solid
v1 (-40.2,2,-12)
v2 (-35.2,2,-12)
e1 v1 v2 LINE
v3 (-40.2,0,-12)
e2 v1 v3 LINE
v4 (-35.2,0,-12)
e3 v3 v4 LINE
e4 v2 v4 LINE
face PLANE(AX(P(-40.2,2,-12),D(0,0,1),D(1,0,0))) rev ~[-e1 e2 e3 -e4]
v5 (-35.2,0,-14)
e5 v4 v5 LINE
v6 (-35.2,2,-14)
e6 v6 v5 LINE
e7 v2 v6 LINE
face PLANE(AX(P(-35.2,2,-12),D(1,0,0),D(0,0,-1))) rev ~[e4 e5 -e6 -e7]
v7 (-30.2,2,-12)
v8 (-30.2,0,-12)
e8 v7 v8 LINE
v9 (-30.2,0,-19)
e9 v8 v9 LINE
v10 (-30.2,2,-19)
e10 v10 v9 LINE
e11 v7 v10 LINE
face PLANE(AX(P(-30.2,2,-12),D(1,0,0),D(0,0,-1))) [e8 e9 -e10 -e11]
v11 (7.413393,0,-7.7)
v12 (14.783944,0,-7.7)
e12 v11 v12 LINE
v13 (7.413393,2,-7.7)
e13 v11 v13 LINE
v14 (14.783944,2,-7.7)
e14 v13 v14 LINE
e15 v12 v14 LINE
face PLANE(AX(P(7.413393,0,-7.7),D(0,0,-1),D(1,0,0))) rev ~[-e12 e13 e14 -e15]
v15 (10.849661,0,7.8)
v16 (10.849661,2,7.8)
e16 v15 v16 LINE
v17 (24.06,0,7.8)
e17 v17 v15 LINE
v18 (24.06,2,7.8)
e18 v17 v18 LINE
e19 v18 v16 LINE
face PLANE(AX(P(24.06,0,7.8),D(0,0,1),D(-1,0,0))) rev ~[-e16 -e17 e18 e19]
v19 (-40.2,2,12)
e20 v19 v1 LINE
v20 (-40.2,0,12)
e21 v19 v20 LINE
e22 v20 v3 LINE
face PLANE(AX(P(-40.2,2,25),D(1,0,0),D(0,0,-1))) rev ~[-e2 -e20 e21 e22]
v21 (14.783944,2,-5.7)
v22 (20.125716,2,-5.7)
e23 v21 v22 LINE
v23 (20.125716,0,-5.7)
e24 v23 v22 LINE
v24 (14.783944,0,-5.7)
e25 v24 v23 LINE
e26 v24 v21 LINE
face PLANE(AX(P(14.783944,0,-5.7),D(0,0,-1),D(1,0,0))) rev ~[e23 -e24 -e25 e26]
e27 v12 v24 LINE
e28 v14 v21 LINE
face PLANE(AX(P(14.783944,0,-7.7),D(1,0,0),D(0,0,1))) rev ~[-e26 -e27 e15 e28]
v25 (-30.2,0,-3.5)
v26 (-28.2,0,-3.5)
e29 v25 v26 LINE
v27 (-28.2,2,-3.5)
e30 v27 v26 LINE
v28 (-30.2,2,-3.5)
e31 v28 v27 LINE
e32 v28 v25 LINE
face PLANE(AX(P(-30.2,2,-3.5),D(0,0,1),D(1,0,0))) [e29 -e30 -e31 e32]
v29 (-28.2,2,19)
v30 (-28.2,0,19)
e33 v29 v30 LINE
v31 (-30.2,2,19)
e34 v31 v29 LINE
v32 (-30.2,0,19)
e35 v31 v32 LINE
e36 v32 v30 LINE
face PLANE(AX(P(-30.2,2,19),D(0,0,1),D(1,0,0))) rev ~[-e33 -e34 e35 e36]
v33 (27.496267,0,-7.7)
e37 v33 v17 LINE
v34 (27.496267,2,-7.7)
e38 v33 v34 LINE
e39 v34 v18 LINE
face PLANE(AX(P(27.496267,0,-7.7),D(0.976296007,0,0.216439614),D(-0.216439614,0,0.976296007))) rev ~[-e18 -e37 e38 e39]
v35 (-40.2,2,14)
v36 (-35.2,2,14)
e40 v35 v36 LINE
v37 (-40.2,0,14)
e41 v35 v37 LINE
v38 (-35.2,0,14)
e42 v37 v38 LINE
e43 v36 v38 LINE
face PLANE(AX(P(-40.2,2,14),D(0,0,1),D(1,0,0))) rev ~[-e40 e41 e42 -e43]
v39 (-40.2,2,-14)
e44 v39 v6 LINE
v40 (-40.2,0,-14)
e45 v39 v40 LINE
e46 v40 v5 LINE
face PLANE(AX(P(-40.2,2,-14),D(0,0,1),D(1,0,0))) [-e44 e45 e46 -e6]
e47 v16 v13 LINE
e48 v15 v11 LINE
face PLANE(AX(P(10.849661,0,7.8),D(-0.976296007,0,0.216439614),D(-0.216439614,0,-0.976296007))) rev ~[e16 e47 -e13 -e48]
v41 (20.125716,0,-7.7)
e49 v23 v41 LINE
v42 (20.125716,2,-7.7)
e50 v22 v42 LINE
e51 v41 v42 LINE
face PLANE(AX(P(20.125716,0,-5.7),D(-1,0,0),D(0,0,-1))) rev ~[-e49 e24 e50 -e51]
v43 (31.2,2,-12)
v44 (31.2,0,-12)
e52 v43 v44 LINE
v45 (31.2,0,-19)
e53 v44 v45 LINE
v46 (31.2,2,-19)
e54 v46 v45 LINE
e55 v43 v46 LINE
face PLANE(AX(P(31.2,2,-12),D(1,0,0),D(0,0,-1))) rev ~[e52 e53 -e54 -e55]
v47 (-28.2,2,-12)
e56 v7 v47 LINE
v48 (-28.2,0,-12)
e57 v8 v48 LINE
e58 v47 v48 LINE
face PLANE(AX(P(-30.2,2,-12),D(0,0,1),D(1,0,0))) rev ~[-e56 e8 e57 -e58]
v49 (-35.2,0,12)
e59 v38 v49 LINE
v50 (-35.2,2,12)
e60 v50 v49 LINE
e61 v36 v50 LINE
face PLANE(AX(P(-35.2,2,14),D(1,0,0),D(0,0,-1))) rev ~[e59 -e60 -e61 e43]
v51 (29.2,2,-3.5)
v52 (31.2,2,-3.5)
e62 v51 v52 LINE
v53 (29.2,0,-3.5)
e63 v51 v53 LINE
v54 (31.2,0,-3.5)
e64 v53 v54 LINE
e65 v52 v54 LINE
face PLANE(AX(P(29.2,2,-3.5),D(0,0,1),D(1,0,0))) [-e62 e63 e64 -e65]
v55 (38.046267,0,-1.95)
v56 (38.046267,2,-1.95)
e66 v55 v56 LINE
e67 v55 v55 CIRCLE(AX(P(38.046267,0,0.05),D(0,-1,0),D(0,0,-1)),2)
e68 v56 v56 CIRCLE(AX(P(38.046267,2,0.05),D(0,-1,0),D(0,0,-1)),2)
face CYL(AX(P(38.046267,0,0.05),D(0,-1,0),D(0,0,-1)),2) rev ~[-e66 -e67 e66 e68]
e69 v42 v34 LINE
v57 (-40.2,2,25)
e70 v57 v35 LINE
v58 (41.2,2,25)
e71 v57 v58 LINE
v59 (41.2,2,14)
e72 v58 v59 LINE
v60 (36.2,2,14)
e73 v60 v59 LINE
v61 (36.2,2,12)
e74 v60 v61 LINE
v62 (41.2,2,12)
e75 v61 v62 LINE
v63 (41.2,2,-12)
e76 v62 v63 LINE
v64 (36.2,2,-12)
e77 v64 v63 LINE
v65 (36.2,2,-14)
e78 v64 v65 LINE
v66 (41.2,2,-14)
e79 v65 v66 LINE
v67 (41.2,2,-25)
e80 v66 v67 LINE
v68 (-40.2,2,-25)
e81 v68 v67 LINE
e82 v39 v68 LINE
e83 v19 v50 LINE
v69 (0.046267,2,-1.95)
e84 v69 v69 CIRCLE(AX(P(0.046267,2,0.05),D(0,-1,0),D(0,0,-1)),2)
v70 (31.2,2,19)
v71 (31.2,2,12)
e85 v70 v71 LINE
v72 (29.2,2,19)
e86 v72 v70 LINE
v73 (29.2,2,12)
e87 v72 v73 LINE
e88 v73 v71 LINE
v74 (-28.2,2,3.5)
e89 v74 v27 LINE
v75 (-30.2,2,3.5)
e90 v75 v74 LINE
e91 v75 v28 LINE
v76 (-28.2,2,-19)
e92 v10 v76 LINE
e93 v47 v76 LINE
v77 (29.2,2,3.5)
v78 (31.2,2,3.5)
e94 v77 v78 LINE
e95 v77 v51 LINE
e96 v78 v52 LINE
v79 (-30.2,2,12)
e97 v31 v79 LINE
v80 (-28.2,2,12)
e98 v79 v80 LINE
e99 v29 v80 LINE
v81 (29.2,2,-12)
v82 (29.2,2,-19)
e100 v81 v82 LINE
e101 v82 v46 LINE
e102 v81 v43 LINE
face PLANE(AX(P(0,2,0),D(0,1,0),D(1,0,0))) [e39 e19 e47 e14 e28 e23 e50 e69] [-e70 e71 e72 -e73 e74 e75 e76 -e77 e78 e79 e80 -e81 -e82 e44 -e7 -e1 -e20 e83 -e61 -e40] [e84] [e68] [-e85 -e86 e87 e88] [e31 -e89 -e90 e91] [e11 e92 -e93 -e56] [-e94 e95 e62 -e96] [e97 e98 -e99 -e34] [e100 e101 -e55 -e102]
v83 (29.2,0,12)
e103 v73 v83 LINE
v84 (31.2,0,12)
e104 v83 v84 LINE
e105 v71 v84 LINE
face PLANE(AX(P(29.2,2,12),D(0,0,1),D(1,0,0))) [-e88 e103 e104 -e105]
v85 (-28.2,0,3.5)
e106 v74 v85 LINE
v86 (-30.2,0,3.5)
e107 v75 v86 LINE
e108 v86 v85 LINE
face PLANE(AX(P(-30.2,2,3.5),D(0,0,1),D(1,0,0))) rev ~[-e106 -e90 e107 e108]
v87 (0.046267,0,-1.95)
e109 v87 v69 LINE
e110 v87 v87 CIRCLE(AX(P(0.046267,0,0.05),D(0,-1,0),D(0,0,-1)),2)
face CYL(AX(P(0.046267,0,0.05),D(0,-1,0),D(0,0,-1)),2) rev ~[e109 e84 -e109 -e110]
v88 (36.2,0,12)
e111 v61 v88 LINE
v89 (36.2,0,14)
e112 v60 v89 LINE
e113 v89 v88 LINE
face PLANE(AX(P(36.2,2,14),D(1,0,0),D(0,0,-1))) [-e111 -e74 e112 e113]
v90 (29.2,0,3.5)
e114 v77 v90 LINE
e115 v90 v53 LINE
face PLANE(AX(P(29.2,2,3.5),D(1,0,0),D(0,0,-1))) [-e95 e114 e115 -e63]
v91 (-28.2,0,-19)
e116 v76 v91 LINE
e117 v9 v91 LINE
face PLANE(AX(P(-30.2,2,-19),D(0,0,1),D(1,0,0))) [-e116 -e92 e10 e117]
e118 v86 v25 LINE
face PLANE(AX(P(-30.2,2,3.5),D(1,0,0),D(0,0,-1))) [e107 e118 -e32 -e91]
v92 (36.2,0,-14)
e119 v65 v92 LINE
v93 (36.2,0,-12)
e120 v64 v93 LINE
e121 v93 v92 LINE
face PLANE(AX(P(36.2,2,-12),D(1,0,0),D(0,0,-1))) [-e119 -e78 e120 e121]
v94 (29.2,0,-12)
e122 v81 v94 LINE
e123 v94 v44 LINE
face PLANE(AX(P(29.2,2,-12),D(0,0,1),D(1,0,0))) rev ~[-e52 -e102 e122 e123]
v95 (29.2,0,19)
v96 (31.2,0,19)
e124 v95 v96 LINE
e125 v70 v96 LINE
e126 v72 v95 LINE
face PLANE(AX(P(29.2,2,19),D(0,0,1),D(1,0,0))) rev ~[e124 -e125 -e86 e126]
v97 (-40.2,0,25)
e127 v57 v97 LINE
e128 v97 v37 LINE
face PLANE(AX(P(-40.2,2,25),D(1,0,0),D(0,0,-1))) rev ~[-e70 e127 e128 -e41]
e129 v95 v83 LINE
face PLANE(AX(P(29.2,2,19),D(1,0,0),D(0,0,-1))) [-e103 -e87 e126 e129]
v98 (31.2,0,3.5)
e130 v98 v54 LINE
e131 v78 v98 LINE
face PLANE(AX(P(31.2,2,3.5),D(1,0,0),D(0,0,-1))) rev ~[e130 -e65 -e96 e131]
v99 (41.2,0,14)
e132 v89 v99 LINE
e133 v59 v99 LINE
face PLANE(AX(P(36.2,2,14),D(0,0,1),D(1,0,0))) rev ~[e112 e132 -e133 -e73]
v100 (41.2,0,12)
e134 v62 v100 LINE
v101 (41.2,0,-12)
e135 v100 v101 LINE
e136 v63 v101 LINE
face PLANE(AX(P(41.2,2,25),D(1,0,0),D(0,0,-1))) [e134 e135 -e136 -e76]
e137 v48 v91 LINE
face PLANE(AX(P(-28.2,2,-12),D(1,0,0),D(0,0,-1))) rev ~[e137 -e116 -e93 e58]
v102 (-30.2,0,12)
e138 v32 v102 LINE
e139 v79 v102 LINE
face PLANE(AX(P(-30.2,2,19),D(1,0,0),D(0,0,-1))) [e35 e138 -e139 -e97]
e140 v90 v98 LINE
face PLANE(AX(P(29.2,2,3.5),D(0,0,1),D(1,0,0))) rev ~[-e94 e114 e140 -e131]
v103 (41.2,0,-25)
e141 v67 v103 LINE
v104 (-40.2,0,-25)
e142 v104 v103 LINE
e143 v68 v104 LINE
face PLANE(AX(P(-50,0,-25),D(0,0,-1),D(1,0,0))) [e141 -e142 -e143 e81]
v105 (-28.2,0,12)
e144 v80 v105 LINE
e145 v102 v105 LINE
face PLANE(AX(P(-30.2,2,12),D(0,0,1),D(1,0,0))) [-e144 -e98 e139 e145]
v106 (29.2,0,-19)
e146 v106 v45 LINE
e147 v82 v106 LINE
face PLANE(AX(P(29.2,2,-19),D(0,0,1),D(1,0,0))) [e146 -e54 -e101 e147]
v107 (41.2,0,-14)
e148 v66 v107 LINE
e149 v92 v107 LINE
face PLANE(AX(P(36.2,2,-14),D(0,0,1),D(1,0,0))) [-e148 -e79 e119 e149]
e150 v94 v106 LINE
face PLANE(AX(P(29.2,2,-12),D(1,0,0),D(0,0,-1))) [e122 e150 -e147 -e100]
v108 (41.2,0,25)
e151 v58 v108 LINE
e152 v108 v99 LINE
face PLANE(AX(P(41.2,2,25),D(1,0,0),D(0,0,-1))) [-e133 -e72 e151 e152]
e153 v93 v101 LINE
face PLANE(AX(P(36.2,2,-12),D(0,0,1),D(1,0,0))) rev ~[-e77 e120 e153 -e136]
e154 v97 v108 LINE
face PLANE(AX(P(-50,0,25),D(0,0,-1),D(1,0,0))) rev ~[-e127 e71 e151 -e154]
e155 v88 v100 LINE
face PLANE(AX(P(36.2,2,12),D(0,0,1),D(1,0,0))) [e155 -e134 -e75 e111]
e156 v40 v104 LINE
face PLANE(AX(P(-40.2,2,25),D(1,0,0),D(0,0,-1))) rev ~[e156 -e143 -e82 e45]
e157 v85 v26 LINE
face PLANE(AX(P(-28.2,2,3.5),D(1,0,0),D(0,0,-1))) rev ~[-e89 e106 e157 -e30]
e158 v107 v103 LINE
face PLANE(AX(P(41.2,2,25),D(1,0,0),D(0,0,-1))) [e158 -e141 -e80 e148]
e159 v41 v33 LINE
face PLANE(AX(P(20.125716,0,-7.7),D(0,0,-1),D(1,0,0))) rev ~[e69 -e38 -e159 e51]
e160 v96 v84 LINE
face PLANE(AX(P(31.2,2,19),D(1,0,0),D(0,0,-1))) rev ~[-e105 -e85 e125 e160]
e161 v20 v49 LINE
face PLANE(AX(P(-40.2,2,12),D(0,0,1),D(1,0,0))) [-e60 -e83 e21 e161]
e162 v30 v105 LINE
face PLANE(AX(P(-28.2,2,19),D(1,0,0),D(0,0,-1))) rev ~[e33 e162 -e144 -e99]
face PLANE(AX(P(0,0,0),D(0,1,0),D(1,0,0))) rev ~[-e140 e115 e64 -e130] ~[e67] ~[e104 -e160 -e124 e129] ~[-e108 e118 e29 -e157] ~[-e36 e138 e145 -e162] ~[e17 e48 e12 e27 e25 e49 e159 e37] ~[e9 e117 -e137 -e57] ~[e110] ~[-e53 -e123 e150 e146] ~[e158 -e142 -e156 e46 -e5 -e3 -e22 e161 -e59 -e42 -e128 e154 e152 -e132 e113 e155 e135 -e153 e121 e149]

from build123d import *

# Parameters (mm, degrees)
SKETCH2_W           = 100
SKETCH2_H           = 50
BOSS_EXTRUDE1_DEPTH = 2
SKETCH12_W          = 9.8
SKETCH12_H          = 50
SKETCH12_W_2        = 8.8
CUT_EXTRUDE8_DEPTH  = 6
SKETCH13_W          = 2
SKETCH13_H          = 7
SKETCH13_W_2        = 5
SKETCH13_H_2        = 2
CUT_EXTRUDE10_DEPTH = 6
SKETCH14_R          = 2
CUT_EXTRUDE11_DEPTH = 2


with BuildPart() as part:
    # Sketch2 → Boss-Extrude1 (new body)
    with BuildSketch(Plane(origin=(0, 0, 0), x_dir=(1, 0, 0), z_dir=(0, 1, 0))):
        Rectangle(SKETCH2_W, SKETCH2_H)
    extrude(amount=BOSS_EXTRUDE1_DEPTH)

    # Sketch12 → Cut-Extrude8 (cut)
    with BuildSketch(Plane(origin=(0, 2, 0), x_dir=(1, 0, 0), z_dir=(0, 1, 0))):
        with Locations((-45.1, 0)):
            Rectangle(SKETCH12_W, SKETCH12_H)
        with Locations((45.6, 0)):
            Rectangle(SKETCH12_W_2, SKETCH12_H)
    extrude(amount=-CUT_EXTRUDE8_DEPTH, mode=Mode.SUBTRACT)

    # Sketch13 → Cut-Extrude10 (cut)
    with BuildSketch(Plane(origin=(0, 2, 0), x_dir=(1, 0, 0), z_dir=(0, 1, 0))):
        with Locations((-29.2, 15.5)):
            Rectangle(SKETCH13_W, SKETCH13_H)
        with Locations((-29.2, 0)):
            Rectangle(SKETCH13_W, SKETCH13_H)
        with Locations((-29.2, -15.5)):
            Rectangle(SKETCH13_W, SKETCH13_H)
        with Locations((30.2, 15.5)):
            Rectangle(SKETCH13_W, SKETCH13_H)
        with Locations((30.2, 0)):
            Rectangle(SKETCH13_W, SKETCH13_H)
        with Locations((30.2, -15.5)):
            Rectangle(SKETCH13_W, SKETCH13_H)
        with Locations((-37.7, 13)):
            Rectangle(SKETCH13_W_2, SKETCH13_H_2)
        with Locations((-37.7, -13)):
            Rectangle(SKETCH13_W_2, SKETCH13_H_2)
        with Locations((38.7, 13)):
            Rectangle(SKETCH13_W_2, SKETCH13_H_2)
        with Locations((38.7, -13)):
            Rectangle(SKETCH13_W_2, SKETCH13_H_2)
    extrude(amount=-CUT_EXTRUDE10_DEPTH, mode=Mode.SUBTRACT)

    # Sketch14 → Cut-Extrude11 (cut)
    with BuildSketch(Plane.XZ):
        Polygon((25.004318917, -5.7), (20.125716489, -5.7), (20.125716489, -7.7), (27.496267271, -7.7), (24.06, 7.8), (10.849660593, 7.8), (7.413393322, -7.7), (14.783944105, -7.7), (14.783944105, -5.7), (9.905341676, -5.7), (12.454830297, 5.8), (22.454830297, 5.8), align=None)
        Polygon((14.783944105, -5.7), (20.125716489, -5.7), (25.004318917, -5.7), (22.454830297, 5.8), (12.454830297, 5.8), (9.905341676, -5.7), align=None)
        with Locations(Location((0.046267271, 0.05, 0), (0, 0, 270))):
            Circle(SKETCH14_R)
        with Locations(Location((38.046267271, 0.05, 0), (0, 0, 270))):
            Circle(SKETCH14_R)
    extrude(amount=-CUT_EXTRUDE11_DEPTH, mode=Mode.SUBTRACT)


solid = part.part
